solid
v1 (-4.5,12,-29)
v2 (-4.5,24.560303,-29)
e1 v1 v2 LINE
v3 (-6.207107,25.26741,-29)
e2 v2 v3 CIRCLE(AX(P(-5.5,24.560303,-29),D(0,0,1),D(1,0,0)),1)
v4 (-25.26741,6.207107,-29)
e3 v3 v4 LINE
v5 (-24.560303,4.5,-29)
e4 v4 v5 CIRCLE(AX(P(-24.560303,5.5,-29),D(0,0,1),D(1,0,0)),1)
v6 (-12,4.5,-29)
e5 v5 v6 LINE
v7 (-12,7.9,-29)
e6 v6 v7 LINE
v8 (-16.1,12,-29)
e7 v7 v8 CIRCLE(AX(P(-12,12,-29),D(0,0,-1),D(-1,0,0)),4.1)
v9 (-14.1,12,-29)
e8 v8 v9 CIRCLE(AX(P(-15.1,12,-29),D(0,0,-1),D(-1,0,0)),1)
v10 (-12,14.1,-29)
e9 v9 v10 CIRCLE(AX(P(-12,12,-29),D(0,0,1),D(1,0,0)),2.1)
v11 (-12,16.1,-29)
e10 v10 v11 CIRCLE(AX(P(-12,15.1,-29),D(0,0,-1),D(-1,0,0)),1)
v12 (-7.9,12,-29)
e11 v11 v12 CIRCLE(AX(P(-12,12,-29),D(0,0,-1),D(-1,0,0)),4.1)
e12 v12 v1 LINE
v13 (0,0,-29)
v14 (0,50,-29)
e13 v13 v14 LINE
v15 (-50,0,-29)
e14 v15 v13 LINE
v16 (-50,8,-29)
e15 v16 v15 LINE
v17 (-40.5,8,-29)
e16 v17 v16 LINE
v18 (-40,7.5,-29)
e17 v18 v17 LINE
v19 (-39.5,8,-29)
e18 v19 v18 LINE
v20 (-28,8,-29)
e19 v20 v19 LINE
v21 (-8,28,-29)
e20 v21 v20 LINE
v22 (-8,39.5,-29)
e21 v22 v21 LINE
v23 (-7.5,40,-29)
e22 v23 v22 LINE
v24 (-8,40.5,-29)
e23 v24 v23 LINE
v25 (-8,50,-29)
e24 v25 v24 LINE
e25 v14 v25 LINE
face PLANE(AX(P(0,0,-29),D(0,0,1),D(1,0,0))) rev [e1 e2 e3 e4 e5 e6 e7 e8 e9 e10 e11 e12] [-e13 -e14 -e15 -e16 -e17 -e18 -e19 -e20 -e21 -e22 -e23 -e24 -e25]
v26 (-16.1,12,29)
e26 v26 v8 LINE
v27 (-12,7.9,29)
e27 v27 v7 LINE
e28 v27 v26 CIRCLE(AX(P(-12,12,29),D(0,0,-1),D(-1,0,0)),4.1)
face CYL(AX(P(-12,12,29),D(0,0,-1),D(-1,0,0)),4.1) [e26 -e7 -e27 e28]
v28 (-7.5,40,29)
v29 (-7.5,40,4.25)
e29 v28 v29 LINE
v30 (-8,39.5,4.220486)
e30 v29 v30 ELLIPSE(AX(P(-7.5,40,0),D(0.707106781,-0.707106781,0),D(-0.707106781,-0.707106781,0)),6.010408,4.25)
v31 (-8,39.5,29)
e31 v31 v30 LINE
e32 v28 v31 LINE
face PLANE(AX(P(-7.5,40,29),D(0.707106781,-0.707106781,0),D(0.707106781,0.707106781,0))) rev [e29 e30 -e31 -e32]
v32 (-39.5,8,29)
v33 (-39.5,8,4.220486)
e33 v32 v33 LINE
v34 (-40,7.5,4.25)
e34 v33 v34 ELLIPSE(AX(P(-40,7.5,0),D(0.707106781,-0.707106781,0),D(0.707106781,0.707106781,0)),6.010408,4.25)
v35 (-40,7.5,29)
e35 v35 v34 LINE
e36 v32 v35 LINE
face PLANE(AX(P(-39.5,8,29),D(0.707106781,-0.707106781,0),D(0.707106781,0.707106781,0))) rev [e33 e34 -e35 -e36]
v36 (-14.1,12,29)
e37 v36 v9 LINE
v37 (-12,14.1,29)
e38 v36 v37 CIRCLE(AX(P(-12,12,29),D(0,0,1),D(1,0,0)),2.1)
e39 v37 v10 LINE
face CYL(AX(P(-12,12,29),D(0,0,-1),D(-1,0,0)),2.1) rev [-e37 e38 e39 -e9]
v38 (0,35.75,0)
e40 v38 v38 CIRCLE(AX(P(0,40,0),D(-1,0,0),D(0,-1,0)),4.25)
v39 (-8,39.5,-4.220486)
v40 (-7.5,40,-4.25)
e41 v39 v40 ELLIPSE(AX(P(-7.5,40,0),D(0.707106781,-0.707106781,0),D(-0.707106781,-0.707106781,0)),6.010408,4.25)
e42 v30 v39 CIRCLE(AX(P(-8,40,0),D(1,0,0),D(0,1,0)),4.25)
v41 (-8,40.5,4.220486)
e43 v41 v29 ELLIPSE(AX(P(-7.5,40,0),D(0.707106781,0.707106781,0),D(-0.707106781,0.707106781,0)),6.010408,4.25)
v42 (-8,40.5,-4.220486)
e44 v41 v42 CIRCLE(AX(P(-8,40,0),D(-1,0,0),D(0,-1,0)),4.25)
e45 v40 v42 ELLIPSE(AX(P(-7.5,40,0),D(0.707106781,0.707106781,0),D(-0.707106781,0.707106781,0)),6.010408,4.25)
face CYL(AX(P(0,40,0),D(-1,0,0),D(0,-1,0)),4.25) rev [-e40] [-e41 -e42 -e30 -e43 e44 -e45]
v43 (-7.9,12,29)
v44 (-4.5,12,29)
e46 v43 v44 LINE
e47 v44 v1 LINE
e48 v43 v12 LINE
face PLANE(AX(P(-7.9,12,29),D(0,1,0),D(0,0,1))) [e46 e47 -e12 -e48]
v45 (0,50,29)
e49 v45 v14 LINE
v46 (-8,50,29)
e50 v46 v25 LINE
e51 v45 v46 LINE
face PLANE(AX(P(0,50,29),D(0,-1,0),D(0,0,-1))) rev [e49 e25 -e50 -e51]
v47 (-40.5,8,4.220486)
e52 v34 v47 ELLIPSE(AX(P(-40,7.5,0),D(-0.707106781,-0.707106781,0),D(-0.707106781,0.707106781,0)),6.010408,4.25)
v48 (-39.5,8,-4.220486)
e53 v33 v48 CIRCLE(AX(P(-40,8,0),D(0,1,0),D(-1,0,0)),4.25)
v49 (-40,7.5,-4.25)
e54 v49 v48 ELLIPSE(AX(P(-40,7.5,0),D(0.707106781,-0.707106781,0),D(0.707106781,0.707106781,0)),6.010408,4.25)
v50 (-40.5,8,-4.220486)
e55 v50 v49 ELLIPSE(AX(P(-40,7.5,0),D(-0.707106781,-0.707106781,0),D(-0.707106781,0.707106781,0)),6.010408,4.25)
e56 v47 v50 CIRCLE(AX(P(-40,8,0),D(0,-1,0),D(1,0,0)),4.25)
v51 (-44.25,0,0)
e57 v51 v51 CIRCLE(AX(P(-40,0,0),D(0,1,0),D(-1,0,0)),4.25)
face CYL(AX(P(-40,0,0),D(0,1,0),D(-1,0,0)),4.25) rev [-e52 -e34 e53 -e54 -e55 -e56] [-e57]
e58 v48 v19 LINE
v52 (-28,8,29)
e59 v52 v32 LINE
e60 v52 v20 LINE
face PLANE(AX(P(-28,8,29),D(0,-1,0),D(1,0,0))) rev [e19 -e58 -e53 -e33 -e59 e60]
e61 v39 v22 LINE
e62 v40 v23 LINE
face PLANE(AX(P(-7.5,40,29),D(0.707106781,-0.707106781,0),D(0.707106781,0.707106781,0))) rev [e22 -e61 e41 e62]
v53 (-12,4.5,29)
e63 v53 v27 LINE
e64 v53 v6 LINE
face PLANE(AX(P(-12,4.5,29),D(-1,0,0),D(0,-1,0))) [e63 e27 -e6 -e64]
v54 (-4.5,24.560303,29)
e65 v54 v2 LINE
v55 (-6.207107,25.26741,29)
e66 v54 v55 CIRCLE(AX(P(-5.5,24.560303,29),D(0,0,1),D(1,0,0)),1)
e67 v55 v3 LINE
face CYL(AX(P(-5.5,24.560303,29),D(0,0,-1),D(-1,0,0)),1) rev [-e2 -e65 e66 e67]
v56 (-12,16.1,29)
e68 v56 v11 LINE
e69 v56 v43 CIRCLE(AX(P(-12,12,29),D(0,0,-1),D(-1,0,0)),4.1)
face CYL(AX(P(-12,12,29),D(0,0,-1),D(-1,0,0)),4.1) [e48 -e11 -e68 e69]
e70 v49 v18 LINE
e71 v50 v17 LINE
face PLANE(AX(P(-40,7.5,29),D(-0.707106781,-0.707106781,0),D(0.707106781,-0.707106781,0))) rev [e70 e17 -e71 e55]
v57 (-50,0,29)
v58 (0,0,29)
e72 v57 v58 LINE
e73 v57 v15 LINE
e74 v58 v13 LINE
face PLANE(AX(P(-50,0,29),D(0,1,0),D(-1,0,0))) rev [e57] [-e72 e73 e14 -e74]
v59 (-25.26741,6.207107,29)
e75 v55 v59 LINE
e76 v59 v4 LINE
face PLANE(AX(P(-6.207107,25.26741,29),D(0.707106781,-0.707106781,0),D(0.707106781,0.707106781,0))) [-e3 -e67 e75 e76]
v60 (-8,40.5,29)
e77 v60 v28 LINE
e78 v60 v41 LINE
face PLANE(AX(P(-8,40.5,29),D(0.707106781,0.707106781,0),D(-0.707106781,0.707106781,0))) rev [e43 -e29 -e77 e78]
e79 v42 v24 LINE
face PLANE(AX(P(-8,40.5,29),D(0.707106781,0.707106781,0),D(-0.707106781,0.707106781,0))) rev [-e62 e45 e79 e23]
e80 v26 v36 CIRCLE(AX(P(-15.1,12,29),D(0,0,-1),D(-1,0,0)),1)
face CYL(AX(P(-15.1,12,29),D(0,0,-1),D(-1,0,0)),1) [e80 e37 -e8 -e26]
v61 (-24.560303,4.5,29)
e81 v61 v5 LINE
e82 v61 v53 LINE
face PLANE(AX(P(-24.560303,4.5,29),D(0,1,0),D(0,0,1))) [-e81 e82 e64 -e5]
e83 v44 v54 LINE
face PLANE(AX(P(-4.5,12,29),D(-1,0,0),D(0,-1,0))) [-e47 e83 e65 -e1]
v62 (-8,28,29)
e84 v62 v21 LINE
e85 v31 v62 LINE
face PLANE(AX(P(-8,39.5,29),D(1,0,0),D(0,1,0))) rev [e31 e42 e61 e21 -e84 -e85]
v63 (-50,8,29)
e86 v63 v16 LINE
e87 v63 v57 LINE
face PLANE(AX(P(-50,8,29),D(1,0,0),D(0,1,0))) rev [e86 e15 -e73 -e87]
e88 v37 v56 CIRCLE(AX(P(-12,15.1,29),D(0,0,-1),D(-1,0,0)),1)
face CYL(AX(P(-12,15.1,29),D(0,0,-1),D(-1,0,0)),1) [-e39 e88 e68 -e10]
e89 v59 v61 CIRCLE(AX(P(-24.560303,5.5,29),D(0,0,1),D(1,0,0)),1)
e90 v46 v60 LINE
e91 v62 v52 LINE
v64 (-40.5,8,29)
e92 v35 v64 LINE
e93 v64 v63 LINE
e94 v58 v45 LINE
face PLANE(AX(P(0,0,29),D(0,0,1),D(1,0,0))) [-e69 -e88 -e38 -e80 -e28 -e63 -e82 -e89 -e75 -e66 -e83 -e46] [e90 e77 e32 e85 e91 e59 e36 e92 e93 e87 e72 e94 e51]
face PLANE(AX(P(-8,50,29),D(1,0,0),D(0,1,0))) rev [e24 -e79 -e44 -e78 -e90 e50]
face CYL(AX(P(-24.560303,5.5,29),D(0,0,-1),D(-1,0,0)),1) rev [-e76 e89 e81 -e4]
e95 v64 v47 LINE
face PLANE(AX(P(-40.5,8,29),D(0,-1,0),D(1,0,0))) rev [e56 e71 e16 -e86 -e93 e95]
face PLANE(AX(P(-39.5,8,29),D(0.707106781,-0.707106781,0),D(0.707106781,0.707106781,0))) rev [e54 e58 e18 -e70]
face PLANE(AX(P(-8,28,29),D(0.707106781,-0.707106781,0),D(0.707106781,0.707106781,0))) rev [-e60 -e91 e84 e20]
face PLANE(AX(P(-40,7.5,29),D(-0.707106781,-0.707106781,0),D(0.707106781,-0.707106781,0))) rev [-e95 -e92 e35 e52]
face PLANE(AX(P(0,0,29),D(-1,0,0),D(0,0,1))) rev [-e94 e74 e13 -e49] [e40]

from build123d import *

# Parameters (mm, degrees)
EXTRUDE_1_DEPTH     = 29
SKETCH_2_R          = 4.25
CUT_EXTRUDE_1_DEPTH = 9
SKETCH_3_R          = 4.25
CUT_EXTRUDE_2_DEPTH = 9


with BuildPart() as part:
    # Эскиз1 → Бобышка-Вытянуть1 (new body, symmetric)
    with BuildSketch(Plane.XY):
        Polygon((-50, 0), (0, 0), (0, 50), (-8, 50), (-8, 40.5), (-7.5, 40), (-8, 39.5), (-8, 28), (-28, 8), (-39.5, 8), (-40, 7.5), (-40.5, 8), (-50, 8), align=None)
        with BuildLine():
            Line((-4.5, 12), (-4.5, 24.560303038))
            ThreePointArc((-4.5, 24.560303038), (-5.117316568, 25.484182571), (-6.207106781, 25.267409819))
            Line((-6.207106781, 25.267409819), (-25.267409819, 6.207106781))
            ThreePointArc((-25.267409819, 6.207106781), (-25.484182571, 5.117316568), (-24.560303038, 4.5))
            Line((-24.560303038, 4.5), (-12, 4.5))
            Line((-12, 4.5), (-12, 7.9))
            ThreePointArc((-12, 7.9), (-14.899137803, 9.100862197), (-16.1, 12))
            ThreePointArc((-16.1, 12), (-15.1, 13), (-14.1, 12))
            ThreePointArc((-14.1, 12), (-10.51507576, 10.51507576), (-12, 14.1))
            ThreePointArc((-12, 14.1), (-13, 15.1), (-12, 16.1))
            ThreePointArc((-12, 16.1), (-9.100862197, 14.899137803), (-7.9, 12))
            Line((-7.9, 12), (-4.5, 12))
        make_face(mode=Mode.SUBTRACT)
    extrude(amount=EXTRUDE_1_DEPTH, both=True)

    # Эскиз2 → Вырез-Вытянуть1 (cut, through all)
    with BuildSketch(Plane.ZY.offset(8)):
        with Locations(Location((0, 40, 0), (0, 0, 270))):  # turned: the seam where the file's is
            Circle(SKETCH_2_R)
    extrude(amount=-CUT_EXTRUDE_1_DEPTH, mode=Mode.SUBTRACT)

    # Эскиз3 → Вырез-Вытянуть2 (cut, through all)
    with BuildSketch(Plane(origin=(0, 8, 0), x_dir=(1, 0, 0), z_dir=(0, 1, 0))):
        with Locations(Location((-40, 0, 0), (0, 0, 180))):  # turned: the seam where the file's is
            Circle(SKETCH_3_R)
    extrude(amount=-CUT_EXTRUDE_2_DEPTH, mode=Mode.SUBTRACT)


solid = part.part
